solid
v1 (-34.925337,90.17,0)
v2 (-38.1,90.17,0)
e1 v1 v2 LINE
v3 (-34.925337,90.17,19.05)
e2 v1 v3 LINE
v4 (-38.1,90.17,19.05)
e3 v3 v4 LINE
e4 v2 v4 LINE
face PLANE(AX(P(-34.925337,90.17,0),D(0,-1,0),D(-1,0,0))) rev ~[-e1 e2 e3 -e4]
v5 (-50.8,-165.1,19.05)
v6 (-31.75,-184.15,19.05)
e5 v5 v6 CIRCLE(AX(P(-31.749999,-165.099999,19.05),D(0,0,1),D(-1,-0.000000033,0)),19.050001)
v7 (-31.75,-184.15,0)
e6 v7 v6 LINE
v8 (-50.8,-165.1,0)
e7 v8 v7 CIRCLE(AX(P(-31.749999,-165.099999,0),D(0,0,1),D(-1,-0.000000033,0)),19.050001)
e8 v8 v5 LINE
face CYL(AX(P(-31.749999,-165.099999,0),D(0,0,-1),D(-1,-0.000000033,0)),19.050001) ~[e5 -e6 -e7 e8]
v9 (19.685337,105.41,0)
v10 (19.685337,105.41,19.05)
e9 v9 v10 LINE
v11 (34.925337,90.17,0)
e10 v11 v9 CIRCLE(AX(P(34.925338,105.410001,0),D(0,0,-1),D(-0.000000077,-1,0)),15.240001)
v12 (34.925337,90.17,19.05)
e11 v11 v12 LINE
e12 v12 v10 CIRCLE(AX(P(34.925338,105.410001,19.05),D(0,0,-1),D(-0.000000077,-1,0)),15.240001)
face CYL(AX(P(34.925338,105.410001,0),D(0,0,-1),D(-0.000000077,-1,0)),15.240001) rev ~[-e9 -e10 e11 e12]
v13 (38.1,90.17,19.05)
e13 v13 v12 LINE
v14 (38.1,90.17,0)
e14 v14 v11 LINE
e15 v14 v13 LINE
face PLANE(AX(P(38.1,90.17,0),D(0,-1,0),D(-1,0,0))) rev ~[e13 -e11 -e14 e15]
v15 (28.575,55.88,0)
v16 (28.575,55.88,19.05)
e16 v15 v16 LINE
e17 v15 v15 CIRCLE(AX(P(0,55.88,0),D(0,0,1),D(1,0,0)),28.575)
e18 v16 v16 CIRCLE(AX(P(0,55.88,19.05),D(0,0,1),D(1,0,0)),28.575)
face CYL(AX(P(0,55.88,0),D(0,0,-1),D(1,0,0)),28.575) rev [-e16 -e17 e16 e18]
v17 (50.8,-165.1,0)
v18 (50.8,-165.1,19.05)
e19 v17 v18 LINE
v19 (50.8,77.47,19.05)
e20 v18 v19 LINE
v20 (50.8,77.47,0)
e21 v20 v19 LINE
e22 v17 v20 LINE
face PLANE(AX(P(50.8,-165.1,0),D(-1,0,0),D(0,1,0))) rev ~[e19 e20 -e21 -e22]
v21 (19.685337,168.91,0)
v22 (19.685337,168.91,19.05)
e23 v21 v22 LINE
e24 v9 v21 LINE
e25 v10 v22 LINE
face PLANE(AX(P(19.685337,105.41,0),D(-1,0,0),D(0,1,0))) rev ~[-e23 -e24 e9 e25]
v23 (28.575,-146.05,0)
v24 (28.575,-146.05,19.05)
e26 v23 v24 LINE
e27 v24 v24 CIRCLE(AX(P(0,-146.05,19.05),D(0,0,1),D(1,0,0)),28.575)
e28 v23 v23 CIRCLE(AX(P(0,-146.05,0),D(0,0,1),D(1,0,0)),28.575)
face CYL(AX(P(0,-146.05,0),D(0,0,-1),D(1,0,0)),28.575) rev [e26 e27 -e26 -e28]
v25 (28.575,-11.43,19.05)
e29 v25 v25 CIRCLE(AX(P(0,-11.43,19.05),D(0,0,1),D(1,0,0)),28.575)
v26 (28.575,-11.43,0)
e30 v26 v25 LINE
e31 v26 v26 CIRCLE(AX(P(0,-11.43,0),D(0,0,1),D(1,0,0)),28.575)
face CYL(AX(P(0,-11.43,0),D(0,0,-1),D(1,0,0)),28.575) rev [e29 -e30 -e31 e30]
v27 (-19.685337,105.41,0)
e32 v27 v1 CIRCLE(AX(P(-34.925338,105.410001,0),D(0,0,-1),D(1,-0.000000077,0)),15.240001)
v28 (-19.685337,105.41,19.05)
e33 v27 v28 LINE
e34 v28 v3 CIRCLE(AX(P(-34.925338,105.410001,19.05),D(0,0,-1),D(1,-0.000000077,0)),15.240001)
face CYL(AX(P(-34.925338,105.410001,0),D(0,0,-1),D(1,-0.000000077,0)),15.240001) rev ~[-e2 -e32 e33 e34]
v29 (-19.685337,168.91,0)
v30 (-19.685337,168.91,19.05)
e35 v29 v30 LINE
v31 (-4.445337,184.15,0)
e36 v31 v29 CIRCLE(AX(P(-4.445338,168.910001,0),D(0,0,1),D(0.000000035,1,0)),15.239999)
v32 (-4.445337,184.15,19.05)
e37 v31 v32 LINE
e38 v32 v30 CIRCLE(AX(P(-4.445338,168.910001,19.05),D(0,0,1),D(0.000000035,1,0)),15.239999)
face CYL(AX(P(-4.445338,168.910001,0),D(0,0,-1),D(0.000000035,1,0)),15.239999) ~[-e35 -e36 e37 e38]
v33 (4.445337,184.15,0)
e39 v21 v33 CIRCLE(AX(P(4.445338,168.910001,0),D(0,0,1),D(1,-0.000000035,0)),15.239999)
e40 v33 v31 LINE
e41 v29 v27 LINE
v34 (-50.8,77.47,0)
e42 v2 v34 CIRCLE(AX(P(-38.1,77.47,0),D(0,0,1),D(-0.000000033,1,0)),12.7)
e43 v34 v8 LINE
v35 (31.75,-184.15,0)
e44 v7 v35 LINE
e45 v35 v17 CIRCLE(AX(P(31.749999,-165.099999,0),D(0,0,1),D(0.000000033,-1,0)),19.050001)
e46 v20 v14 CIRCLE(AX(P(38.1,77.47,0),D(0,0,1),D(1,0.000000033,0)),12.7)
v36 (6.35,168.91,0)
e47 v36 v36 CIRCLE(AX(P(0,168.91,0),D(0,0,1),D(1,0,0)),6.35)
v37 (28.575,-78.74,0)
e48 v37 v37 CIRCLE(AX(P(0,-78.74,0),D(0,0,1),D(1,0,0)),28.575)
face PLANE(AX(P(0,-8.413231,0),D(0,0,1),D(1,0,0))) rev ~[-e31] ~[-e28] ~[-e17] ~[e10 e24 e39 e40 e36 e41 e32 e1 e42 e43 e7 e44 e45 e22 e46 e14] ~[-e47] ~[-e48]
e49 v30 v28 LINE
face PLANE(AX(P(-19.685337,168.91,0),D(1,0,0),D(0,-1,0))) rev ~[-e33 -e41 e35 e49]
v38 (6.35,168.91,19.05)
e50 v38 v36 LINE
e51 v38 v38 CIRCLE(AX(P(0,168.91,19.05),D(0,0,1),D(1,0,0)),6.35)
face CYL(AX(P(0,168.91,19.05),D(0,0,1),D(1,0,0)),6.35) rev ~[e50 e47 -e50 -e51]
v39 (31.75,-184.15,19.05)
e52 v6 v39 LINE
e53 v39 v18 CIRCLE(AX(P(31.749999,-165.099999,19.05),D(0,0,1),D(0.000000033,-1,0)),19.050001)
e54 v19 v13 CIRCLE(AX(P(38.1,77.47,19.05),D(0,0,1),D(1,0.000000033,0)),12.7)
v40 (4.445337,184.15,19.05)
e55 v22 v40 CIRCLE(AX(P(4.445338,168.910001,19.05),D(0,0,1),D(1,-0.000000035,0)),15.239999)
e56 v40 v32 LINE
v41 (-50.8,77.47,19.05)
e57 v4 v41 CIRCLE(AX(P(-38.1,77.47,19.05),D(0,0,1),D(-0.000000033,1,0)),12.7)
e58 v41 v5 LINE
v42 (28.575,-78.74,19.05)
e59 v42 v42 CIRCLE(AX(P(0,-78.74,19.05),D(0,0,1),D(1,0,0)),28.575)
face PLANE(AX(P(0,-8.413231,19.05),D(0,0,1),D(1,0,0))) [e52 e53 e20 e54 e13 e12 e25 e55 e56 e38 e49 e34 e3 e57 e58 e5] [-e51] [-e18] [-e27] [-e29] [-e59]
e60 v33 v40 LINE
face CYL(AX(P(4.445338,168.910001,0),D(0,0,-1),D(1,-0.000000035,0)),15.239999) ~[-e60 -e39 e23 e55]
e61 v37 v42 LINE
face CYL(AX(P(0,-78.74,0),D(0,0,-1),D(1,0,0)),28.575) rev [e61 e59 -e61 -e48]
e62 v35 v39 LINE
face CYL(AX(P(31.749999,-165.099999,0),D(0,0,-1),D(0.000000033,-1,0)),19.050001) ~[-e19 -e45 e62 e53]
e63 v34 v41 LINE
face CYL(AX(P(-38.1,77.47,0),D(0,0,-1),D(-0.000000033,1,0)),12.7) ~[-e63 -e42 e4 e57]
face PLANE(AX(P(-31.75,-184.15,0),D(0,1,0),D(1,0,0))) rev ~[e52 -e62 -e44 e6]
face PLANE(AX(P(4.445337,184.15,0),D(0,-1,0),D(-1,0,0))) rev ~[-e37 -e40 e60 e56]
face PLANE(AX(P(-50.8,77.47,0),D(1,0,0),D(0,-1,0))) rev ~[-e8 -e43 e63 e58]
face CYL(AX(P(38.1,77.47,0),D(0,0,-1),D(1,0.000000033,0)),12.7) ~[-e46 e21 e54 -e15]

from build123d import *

# Parameters (mm, degrees)
F0_R     = 28.575
F1_DEPTH = 19.05
F2_R     = 6.35
F3_DEPTH = 19.051


with BuildPart() as f1:
    # F0 (on Top) → F1 (new body)
    with BuildSketch(Plane.XY):
        with BuildLine():
            ThreePointArc((-50.8, -165.1), (-45.220384, -178.570384), (-31.75, -184.15))
            Line((-31.75, -184.15), (31.75, -184.15))
            ThreePointArc((31.75, -184.15), (45.220384, -178.570384), (50.8, -165.1))
            Line((50.8, -165.1), (50.8, 77.47))
            ThreePointArc((50.8, 77.47), (47.080256, 86.450256), (38.1, 90.17))
            Line((38.1, 90.17), (34.925337, 90.17))
            ThreePointArc((34.925337, 90.17), (24.14903, 94.633693), (19.685337, 105.41))
            Line((19.685337, 105.41), (19.685337, 168.91))
            ThreePointArc((19.685337, 168.91), (15.221645, 179.686307), (4.445337, 184.15))
            Line((4.445337, 184.15), (-4.445337, 184.15))
            ThreePointArc((-4.445337, 184.15), (-15.221645, 179.686307), (-19.685337, 168.91))
            Line((-19.685337, 168.91), (-19.685337, 105.41))
            ThreePointArc((-19.685337, 105.41), (-24.14903, 94.633693), (-34.925337, 90.17))
            Line((-34.925337, 90.17), (-38.1, 90.17))
            ThreePointArc((-38.1, 90.17), (-47.080256, 86.450256), (-50.8, 77.47))
            Line((-50.8, 77.47), (-50.8, -165.1))
        make_face()
        with Locations((0, -146.05)):
            Circle(F0_R, mode=Mode.SUBTRACT)
        with Locations((0, -78.74)):
            Circle(F0_R, mode=Mode.SUBTRACT)
        with Locations((0, -11.43)):
            Circle(F0_R, mode=Mode.SUBTRACT)
        with Locations((0, 55.88)):
            Circle(F0_R, mode=Mode.SUBTRACT)
    extrude(amount=F1_DEPTH)

    # F2 (on face) → F3 (cut, through all)
    with BuildSketch(Plane.XY.offset(19.05)):
        with Locations((0, 168.91)):
            Circle(F2_R)
    extrude(amount=-F3_DEPTH, mode=Mode.SUBTRACT)


solid = f1.part
